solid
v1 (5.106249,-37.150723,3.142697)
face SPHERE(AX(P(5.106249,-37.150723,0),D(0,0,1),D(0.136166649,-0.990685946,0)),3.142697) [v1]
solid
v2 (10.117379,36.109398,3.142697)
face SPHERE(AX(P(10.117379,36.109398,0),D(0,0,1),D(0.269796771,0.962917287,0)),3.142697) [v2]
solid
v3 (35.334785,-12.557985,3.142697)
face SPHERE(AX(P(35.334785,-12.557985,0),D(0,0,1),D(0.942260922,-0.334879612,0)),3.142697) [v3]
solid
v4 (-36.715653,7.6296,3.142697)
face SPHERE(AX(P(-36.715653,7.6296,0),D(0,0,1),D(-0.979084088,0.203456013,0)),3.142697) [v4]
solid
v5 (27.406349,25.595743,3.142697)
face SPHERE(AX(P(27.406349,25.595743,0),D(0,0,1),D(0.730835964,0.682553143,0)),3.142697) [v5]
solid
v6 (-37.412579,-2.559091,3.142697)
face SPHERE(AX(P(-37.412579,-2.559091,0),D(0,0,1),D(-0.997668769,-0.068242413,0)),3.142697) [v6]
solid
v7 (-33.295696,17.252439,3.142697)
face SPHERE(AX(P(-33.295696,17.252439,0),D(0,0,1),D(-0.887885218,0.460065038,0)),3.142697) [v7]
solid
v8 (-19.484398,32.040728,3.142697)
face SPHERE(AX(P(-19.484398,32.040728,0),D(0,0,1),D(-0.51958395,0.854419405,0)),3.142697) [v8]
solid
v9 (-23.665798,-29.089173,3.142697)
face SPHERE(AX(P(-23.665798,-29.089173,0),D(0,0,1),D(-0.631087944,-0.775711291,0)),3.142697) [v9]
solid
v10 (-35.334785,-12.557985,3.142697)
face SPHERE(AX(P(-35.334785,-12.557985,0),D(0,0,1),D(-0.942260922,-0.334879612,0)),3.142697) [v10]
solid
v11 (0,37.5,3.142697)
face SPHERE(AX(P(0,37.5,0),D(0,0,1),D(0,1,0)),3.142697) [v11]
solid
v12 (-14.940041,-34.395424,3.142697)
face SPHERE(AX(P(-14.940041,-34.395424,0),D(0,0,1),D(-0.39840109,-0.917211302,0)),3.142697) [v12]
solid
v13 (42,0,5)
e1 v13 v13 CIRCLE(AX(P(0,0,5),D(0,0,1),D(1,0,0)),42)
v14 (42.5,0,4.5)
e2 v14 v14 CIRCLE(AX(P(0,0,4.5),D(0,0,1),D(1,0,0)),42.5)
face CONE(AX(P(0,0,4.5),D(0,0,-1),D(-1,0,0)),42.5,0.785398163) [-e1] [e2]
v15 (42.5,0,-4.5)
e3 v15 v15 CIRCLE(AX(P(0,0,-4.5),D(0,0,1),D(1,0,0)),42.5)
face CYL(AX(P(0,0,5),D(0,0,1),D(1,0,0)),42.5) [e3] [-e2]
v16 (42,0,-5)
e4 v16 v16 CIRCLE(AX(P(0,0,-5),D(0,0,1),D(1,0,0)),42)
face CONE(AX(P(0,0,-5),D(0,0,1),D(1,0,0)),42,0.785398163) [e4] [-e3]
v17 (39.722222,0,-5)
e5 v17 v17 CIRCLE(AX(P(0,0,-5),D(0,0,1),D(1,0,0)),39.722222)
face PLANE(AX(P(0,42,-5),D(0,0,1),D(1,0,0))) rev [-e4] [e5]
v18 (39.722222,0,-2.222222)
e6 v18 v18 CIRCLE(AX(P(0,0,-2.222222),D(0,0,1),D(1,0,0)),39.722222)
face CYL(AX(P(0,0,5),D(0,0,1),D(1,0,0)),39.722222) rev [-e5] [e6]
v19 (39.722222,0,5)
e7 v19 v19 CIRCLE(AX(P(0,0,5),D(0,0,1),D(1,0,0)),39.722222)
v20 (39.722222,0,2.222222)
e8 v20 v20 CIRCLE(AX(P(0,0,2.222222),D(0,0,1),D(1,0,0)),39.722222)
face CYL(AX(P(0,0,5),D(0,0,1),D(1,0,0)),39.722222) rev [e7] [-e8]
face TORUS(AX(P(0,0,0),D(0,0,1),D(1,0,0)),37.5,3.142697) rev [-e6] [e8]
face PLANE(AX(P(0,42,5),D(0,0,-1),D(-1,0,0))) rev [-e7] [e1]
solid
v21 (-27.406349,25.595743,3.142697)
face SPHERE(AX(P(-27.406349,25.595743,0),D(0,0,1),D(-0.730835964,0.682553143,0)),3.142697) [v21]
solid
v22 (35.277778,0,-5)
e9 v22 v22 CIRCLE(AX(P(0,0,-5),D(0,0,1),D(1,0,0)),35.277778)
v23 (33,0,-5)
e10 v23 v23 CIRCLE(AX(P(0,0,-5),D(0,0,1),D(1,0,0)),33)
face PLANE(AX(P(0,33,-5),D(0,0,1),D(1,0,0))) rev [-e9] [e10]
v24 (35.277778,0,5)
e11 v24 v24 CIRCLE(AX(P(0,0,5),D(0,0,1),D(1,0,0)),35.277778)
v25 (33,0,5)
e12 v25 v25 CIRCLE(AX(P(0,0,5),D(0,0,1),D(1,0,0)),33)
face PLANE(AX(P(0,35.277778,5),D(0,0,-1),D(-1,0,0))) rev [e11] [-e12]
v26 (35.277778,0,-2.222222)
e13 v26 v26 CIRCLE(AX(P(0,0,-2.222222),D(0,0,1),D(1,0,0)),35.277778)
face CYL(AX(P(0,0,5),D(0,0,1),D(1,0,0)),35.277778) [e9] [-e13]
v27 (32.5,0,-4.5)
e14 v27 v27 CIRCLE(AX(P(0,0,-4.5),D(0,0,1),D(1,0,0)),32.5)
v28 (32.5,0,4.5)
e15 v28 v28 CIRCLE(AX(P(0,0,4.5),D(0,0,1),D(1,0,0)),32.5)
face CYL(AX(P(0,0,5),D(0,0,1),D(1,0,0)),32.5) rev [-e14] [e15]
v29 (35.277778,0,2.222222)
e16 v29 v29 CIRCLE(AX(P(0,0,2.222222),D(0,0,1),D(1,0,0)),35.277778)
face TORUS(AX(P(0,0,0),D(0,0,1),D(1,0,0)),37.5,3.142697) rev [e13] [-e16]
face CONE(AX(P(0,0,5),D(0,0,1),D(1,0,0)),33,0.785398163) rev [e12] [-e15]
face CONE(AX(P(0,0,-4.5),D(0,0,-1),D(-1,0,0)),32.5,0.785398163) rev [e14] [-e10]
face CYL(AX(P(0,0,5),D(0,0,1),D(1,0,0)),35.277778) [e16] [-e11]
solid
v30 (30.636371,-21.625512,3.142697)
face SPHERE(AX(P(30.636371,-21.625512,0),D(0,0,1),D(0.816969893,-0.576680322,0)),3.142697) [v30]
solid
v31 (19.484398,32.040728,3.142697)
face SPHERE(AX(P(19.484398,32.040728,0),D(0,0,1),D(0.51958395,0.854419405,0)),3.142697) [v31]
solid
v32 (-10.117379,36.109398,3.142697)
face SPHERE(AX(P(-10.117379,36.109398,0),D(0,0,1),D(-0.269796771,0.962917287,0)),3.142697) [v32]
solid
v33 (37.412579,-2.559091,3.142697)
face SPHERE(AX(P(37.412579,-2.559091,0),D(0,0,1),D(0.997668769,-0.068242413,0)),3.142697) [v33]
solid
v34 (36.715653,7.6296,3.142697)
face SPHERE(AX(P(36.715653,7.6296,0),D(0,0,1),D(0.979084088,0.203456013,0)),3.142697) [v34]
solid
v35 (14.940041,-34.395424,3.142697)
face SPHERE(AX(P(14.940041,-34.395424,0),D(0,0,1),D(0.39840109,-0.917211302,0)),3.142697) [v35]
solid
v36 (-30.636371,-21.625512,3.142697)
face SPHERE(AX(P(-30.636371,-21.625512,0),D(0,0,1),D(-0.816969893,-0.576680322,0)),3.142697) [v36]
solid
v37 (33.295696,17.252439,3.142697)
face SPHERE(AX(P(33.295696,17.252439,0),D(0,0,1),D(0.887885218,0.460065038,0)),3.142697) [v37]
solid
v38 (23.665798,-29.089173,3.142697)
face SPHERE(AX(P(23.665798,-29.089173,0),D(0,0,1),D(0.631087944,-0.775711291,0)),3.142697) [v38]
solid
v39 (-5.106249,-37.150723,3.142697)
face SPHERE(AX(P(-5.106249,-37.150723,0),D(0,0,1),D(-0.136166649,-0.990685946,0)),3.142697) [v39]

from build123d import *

# Parameters (mm, degrees)
CIRPATTERN1_COUNT = 23


with BuildPart() as part:
    # Sketch5 → Revolve1 (revolve)
    with BuildSketch(Plane(origin=(0, 0, 0), x_dir=(0, 0, -1), z_dir=(1, 0, 0))):
        with BuildLine():
            Line((4.5, 42.5), (-4.5, 42.5))
            Line((-4.5, 42.5), (-5, 42))
            Line((-5, 42), (-5, 39.722222222))
            Line((-5, 39.722222222), (-2.222222222, 39.722222222))
            ThreePointArc((-2.222222222, 39.722222222), (0, 40.642696805), (2.222222222, 39.722222222))
            Line((2.222222222, 39.722222222), (5, 39.722222222))
            Line((5, 39.722222222), (5, 42))
            Line((5, 42), (4.5, 42.5))
        make_face()
    revolve(axis=Axis((0, 0, 5), (0, 0, -1)))


with BuildPart() as body_2:
    # Sketch3 → Revolve3 (revolve)
    with BuildSketch(Plane(origin=(0, 0, 0), x_dir=(0, 0, -1), z_dir=(1, 0, 0))):
        with BuildLine():
            Line((-5, 35.277777778), (-2.222222222, 35.277777778))
            ThreePointArc((-2.222222222, 35.277777778), (0, 34.357303195), (2.222222222, 35.277777778))
            Line((2.222222222, 35.277777778), (5, 35.277777778))
            Line((5, 35.277777778), (5, 33))
            Line((5, 33), (4.5, 32.5))
            Line((4.5, 32.5), (-4.5, 32.5))
            Line((-4.5, 32.5), (-5, 33))
            Line((-5, 33), (-5, 35.277777778))
        make_face()
    revolve(axis=Axis((0, 0, 5), (0, 0, -1)))


with BuildPart() as body_3:
    # Sketch4 → Revolve4 (revolve)
    with BuildSketch(Plane(origin=(0, 0, 0), x_dir=(0, 0, -1), z_dir=(1, 0, 0))):
        with BuildLine():
            Line((-3.142696805, 37.5), (3.142696805, 37.5))
            ThreePointArc((3.142696805, 37.5), (0, 40.642696805), (-3.142696805, 37.5))
        make_face()
    revolve(axis=Axis((0, 37.5, 3.142696805), (0, 0, -1)))


with BuildPart() as cirpattern1_1:
    # CirPattern1: pattern copy
    add(body_3.part.rotate(Axis((0, 0, 0), (0, 0, 1)), 1 * 360 / CIRPATTERN1_COUNT))


with BuildPart() as cirpattern1_2:
    # CirPattern1: pattern copy
    add(body_3.part.rotate(Axis((0, 0, 0), (0, 0, 1)), 2 * 360 / CIRPATTERN1_COUNT))


with BuildPart() as cirpattern1_3:
    # CirPattern1: pattern copy
    add(body_3.part.rotate(Axis((0, 0, 0), (0, 0, 1)), 3 * 360 / CIRPATTERN1_COUNT))


with BuildPart() as cirpattern1_4:
    # CirPattern1: pattern copy
    add(body_3.part.rotate(Axis((0, 0, 0), (0, 0, 1)), 4 * 360 / CIRPATTERN1_COUNT))


with BuildPart() as cirpattern1_5:
    # CirPattern1: pattern copy
    add(body_3.part.rotate(Axis((0, 0, 0), (0, 0, 1)), 5 * 360 / CIRPATTERN1_COUNT))


with BuildPart() as cirpattern1_6:
    # CirPattern1: pattern copy
    add(body_3.part.rotate(Axis((0, 0, 0), (0, 0, 1)), 6 * 360 / CIRPATTERN1_COUNT))


with BuildPart() as cirpattern1_7:
    # CirPattern1: pattern copy
    add(body_3.part.rotate(Axis((0, 0, 0), (0, 0, 1)), 7 * 360 / CIRPATTERN1_COUNT))


with BuildPart() as cirpattern1_8:
    # CirPattern1: pattern copy
    add(body_3.part.rotate(Axis((0, 0, 0), (0, 0, 1)), 8 * 360 / CIRPATTERN1_COUNT))


with BuildPart() as cirpattern1_9:
    # CirPattern1: pattern copy
    add(body_3.part.rotate(Axis((0, 0, 0), (0, 0, 1)), 9 * 360 / CIRPATTERN1_COUNT))


with BuildPart() as cirpattern1_10:
    # CirPattern1: pattern copy
    add(body_3.part.rotate(Axis((0, 0, 0), (0, 0, 1)), 10 * 360 / CIRPATTERN1_COUNT))


with BuildPart() as cirpattern1_11:
    # CirPattern1: pattern copy
    add(body_3.part.rotate(Axis((0, 0, 0), (0, 0, 1)), 11 * 360 / CIRPATTERN1_COUNT))


with BuildPart() as cirpattern1_12:
    # CirPattern1: pattern copy
    add(body_3.part.rotate(Axis((0, 0, 0), (0, 0, 1)), 12 * 360 / CIRPATTERN1_COUNT))


with BuildPart() as cirpattern1_13:
    # CirPattern1: pattern copy
    add(body_3.part.rotate(Axis((0, 0, 0), (0, 0, 1)), 13 * 360 / CIRPATTERN1_COUNT))


with BuildPart() as cirpattern1_14:
    # CirPattern1: pattern copy
    add(body_3.part.rotate(Axis((0, 0, 0), (0, 0, 1)), 14 * 360 / CIRPATTERN1_COUNT))


with BuildPart() as cirpattern1_15:
    # CirPattern1: pattern copy
    add(body_3.part.rotate(Axis((0, 0, 0), (0, 0, 1)), 15 * 360 / CIRPATTERN1_COUNT))


with BuildPart() as cirpattern1_16:
    # CirPattern1: pattern copy
    add(body_3.part.rotate(Axis((0, 0, 0), (0, 0, 1)), 16 * 360 / CIRPATTERN1_COUNT))


with BuildPart() as cirpattern1_17:
    # CirPattern1: pattern copy
    add(body_3.part.rotate(Axis((0, 0, 0), (0, 0, 1)), 17 * 360 / CIRPATTERN1_COUNT))


with BuildPart() as cirpattern1_18:
    # CirPattern1: pattern copy
    add(body_3.part.rotate(Axis((0, 0, 0), (0, 0, 1)), 18 * 360 / CIRPATTERN1_COUNT))


with BuildPart() as cirpattern1_19:
    # CirPattern1: pattern copy
    add(body_3.part.rotate(Axis((0, 0, 0), (0, 0, 1)), 19 * 360 / CIRPATTERN1_COUNT))


with BuildPart() as cirpattern1_20:
    # CirPattern1: pattern copy
    add(body_3.part.rotate(Axis((0, 0, 0), (0, 0, 1)), 20 * 360 / CIRPATTERN1_COUNT))


with BuildPart() as cirpattern1_21:
    # CirPattern1: pattern copy
    add(body_3.part.rotate(Axis((0, 0, 0), (0, 0, 1)), 21 * 360 / CIRPATTERN1_COUNT))


with BuildPart() as cirpattern1_22:
    # CirPattern1: pattern copy
    add(body_3.part.rotate(Axis((0, 0, 0), (0, 0, 1)), 22 * 360 / CIRPATTERN1_COUNT))


solid = Compound([part.part, body_2.part, body_3.part, cirpattern1_1.part, cirpattern1_2.part, cirpattern1_3.part, cirpattern1_4.part, cirpattern1_5.part, cirpattern1_6.part, cirpattern1_7.part, cirpattern1_8.part, cirpattern1_9.part, cirpattern1_10.part, cirpattern1_11.part, cirpattern1_12.part, cirpattern1_13.part, cirpattern1_14.part, cirpattern1_15.part, cirpattern1_16.part, cirpattern1_17.part, cirpattern1_18.part, cirpattern1_19.part, cirpattern1_20.part, cirpattern1_21.part, cirpattern1_22.part])
